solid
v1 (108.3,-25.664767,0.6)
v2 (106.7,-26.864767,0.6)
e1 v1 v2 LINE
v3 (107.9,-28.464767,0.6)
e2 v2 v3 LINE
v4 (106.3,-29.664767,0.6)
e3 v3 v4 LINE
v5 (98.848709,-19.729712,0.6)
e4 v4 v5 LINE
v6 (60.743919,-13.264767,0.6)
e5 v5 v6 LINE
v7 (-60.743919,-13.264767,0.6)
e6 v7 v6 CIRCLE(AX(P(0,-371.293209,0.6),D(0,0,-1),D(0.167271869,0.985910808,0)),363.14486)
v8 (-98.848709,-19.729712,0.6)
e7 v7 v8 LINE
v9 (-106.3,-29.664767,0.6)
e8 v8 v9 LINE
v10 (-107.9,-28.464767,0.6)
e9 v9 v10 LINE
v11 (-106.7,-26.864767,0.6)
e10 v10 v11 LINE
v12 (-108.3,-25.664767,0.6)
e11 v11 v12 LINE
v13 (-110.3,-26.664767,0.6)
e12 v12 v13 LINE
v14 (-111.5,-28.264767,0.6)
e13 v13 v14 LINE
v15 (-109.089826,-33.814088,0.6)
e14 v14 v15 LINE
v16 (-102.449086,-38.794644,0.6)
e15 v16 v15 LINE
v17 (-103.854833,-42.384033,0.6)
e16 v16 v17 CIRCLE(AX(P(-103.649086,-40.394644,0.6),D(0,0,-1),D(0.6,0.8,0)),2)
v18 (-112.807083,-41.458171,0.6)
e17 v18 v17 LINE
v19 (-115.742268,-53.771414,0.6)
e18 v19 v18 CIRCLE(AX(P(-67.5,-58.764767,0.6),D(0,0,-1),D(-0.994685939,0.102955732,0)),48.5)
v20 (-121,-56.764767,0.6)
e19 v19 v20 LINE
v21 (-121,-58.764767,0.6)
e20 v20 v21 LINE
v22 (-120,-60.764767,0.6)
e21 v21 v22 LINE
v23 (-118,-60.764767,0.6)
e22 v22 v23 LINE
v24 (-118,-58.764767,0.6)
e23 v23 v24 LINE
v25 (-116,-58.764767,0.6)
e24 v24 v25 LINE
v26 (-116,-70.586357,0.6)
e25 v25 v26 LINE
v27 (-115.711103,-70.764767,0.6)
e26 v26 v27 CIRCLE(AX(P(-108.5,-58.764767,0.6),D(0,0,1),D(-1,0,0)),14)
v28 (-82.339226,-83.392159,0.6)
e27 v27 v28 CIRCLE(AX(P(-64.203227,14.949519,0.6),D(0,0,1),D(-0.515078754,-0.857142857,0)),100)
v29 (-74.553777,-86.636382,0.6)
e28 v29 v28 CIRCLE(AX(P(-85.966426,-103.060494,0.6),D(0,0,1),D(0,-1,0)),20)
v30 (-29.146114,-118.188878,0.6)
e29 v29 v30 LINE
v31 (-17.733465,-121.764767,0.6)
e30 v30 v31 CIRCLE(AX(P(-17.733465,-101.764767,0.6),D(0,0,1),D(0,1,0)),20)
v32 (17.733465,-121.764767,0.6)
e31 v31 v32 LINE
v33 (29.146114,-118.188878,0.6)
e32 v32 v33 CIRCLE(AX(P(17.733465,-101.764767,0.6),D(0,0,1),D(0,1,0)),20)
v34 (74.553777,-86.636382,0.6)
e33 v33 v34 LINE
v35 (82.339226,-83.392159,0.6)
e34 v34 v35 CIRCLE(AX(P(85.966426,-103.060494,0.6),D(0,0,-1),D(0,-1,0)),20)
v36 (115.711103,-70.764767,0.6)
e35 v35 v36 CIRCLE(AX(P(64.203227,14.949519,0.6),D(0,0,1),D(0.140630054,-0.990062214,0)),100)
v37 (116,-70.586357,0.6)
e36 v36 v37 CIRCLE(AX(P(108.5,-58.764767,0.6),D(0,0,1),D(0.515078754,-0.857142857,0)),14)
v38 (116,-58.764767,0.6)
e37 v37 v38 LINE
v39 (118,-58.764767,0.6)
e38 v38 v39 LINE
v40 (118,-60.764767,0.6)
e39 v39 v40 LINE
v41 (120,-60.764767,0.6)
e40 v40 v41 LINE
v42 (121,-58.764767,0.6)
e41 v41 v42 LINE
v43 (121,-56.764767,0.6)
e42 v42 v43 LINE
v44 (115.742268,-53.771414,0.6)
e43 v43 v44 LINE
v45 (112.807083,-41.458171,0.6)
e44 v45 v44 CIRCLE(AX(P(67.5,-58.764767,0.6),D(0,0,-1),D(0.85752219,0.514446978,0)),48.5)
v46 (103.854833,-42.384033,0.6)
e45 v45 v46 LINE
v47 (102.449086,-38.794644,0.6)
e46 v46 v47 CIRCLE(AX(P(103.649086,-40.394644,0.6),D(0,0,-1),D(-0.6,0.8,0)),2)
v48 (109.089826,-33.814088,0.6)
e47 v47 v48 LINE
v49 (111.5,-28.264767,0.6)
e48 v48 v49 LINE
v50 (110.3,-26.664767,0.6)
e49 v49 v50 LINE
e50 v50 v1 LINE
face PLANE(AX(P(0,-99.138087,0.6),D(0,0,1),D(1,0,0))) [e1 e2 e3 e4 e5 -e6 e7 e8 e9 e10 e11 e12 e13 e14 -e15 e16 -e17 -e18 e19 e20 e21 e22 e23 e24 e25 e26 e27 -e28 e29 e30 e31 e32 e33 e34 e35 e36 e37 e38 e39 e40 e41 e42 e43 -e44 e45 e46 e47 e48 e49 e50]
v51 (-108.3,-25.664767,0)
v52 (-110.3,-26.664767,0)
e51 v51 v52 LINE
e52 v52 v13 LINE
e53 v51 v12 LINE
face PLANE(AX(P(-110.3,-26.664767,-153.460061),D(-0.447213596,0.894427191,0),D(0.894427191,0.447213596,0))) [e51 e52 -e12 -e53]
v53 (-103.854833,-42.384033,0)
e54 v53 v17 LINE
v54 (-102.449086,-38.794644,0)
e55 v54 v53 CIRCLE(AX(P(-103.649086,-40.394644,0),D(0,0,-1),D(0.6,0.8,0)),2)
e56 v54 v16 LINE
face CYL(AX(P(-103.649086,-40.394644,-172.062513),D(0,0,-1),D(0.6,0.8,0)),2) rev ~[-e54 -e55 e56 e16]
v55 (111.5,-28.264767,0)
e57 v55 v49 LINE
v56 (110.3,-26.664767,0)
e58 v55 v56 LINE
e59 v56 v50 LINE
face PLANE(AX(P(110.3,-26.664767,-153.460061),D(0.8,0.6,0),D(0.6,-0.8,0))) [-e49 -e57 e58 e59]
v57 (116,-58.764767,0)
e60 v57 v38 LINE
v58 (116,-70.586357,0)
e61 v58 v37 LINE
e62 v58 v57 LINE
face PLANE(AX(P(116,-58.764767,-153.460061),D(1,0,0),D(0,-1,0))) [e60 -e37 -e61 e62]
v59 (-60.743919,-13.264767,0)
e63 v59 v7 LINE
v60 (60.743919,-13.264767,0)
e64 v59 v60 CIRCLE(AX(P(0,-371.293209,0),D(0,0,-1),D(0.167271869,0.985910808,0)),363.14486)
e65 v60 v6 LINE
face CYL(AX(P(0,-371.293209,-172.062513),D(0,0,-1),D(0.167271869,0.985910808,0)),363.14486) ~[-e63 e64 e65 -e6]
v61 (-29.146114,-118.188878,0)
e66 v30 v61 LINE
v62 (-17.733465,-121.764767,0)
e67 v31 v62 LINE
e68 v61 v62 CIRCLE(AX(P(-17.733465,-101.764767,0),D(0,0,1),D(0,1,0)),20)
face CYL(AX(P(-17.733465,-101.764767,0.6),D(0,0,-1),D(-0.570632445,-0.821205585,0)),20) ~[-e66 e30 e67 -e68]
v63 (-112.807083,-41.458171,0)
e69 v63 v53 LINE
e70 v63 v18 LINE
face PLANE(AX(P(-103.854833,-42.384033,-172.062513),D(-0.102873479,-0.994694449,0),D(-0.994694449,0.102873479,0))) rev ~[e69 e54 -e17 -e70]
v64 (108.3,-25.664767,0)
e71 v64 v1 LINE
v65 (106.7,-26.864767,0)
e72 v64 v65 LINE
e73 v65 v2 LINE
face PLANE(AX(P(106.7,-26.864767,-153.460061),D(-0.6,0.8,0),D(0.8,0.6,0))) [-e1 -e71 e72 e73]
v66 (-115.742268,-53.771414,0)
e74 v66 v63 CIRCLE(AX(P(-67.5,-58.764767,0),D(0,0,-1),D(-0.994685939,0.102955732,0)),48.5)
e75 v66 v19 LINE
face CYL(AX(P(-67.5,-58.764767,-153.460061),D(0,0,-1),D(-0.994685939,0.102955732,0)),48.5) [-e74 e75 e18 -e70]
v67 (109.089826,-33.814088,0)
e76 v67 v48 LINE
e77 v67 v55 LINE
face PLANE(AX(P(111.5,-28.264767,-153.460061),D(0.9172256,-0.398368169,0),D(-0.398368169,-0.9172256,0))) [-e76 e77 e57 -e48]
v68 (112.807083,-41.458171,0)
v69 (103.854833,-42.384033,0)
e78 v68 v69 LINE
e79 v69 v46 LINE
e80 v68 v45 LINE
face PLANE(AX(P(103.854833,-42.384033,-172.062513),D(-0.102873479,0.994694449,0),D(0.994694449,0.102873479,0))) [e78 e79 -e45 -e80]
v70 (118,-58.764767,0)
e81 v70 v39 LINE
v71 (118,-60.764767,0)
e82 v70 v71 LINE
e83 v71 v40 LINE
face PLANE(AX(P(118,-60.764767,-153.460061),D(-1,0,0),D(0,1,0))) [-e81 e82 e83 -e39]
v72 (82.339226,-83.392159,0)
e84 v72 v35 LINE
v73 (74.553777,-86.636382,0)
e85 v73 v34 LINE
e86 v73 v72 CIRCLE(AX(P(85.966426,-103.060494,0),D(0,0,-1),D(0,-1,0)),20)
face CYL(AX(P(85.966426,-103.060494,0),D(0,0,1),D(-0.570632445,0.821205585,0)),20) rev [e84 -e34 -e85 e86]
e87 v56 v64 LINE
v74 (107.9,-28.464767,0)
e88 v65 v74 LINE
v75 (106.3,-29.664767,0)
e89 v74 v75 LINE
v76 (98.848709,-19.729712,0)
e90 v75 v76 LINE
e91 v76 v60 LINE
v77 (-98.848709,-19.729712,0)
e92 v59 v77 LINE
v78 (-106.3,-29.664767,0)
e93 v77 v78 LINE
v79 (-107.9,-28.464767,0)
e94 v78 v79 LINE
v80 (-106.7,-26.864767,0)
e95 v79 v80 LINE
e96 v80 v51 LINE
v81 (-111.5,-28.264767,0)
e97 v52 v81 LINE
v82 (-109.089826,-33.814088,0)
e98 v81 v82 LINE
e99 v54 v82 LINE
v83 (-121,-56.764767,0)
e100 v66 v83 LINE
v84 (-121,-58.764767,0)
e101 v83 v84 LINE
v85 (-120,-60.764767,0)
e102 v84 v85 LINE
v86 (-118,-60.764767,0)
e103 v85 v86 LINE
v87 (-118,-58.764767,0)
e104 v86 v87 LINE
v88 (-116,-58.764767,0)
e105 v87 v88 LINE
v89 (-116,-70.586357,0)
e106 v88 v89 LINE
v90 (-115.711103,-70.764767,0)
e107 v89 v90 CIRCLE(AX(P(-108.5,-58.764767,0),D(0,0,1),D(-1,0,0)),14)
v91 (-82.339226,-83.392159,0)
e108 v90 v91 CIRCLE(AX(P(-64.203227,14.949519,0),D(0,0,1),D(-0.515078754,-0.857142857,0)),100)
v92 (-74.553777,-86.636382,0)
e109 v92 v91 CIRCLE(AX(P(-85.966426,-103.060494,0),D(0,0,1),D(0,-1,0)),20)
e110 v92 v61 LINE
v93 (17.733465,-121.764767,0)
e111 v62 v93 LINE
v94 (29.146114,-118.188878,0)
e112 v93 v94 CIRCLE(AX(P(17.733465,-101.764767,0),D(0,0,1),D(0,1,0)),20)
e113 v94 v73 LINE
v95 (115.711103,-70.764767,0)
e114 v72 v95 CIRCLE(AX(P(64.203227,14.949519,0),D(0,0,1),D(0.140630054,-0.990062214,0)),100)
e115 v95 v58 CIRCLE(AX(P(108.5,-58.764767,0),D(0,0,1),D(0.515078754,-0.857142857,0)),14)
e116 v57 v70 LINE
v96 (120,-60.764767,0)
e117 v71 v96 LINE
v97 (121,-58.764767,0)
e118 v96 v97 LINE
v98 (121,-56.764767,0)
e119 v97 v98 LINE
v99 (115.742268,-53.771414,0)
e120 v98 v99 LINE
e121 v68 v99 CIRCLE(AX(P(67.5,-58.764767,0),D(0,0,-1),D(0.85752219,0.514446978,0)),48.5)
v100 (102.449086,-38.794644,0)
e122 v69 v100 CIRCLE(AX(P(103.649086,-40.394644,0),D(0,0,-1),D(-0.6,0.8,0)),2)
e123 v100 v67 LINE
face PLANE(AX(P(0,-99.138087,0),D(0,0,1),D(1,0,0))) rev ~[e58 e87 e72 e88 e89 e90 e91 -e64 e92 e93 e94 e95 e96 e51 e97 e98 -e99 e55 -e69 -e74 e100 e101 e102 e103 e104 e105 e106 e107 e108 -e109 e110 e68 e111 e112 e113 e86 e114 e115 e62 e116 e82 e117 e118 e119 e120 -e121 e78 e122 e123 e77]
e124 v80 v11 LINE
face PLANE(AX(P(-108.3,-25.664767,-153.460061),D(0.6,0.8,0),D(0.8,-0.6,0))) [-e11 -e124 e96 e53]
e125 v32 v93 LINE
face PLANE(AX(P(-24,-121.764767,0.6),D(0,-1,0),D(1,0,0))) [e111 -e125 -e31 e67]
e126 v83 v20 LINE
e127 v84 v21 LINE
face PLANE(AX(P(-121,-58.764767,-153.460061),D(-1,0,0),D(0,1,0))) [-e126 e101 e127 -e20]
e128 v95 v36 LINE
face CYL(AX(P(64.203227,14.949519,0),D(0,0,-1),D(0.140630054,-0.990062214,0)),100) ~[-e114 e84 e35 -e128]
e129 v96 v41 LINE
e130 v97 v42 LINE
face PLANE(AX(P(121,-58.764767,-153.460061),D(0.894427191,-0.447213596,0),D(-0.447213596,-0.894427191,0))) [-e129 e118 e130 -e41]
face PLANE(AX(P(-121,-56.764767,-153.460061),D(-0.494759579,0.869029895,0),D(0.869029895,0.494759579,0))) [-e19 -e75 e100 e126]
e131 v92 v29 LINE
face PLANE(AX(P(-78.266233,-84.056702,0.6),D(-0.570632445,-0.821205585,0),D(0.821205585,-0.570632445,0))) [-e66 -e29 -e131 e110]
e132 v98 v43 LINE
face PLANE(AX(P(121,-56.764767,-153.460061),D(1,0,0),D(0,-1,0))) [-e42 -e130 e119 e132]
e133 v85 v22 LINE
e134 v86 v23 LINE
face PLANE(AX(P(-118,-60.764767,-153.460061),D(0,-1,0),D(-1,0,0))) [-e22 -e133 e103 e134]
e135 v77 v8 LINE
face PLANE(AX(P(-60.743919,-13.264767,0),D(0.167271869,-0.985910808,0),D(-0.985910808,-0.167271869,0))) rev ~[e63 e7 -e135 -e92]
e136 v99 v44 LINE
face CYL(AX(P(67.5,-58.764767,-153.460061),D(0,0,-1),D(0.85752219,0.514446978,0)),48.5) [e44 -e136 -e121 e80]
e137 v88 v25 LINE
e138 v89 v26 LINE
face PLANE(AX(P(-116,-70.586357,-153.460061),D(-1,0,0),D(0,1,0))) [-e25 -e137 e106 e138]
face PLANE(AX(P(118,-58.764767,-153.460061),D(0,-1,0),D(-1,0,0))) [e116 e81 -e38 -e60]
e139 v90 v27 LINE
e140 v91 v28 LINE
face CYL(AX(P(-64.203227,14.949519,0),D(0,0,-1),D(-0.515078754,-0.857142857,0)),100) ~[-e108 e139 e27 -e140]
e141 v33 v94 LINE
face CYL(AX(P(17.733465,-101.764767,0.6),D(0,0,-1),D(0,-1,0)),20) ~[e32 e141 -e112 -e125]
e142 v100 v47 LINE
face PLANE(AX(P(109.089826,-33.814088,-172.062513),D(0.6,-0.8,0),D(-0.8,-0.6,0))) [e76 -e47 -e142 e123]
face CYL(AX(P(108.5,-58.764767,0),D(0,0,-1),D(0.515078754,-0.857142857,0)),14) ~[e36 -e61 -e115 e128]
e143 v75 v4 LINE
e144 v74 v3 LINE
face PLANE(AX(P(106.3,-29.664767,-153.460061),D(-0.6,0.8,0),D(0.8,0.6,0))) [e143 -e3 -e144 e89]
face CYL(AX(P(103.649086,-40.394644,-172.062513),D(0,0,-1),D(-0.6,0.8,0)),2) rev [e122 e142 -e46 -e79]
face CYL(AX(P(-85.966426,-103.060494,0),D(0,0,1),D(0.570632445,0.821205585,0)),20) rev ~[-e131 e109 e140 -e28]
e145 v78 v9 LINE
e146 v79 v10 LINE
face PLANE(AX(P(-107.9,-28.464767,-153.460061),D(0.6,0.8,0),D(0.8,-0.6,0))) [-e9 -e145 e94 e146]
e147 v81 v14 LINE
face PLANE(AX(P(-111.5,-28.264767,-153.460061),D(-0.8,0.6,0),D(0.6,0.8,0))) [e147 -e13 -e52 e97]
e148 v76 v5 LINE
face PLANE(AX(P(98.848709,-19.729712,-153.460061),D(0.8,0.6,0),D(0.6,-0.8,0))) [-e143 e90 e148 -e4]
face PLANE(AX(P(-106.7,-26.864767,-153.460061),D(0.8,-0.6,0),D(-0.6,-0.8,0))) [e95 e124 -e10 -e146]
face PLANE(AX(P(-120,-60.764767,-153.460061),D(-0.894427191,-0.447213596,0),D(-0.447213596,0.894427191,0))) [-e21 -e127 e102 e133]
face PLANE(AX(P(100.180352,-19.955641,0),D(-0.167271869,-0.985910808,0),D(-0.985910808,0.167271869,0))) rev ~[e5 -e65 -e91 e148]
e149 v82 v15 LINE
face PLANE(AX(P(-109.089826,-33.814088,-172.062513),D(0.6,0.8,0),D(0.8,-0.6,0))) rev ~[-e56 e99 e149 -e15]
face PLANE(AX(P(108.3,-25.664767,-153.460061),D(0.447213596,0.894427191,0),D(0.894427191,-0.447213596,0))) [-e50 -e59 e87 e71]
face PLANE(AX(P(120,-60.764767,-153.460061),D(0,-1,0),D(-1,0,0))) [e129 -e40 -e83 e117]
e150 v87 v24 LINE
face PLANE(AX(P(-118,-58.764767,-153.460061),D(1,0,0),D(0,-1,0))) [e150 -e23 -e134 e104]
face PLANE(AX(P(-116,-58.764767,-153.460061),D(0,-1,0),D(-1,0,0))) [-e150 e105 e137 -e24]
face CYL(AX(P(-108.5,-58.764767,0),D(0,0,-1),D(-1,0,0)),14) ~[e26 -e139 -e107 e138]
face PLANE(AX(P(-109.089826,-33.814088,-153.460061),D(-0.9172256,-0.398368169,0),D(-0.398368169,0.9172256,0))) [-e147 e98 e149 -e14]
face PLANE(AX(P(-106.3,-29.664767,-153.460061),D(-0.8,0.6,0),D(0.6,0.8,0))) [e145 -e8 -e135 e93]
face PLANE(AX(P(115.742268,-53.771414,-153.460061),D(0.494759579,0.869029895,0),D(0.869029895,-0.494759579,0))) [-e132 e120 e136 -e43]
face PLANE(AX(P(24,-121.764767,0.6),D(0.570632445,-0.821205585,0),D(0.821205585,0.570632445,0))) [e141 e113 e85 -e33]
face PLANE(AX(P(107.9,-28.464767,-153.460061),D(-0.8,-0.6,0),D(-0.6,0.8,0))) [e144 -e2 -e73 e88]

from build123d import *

# Parameters (mm, degrees)
MAIN_SHAPE_DEPTH        = 0.6
TABS_DEPTH              = 154.060061459
TABS_DEPTH_BACK         = 154.060061459
CHIN_GUARD_DEPTH        = 0.6
FILLET1_R               = 20
CUT_EXTRUDE1_DEPTH      = 172.662513141
CUT_EXTRUDE1_DEPTH_BACK = 172.662513141
CUT_EXTRUDE2_DEPTH      = 172.662513141
CUT_EXTRUDE2_DEPTH_BACK = 172.662513141


with BuildPart() as part:
    # Sketch1 → Main Shape (new body)
    with BuildSketch(Plane.XY):
        with BuildLine():
            Line((-24, -91.764766734), (24, -91.764766734))
            Line((24, -91.764766734), (78.266232563, -84.05670244))
            ThreePointArc((78.266232563, -84.05670244), (97.655491519, -79.289252293), (115.711102551, -70.764766734))
            ThreePointArc((115.711102551, -70.764766734), (120.685143325, -65.658407438), (122.5, -58.764766734))
            ThreePointArc((122.5, -58.764766734), (120.227482046, -43.118277124), (113.597722286, -28.764766734))
            ThreePointArc((113.597722286, -28.764766734), (107.811505455, -22.955172168), (100.180351554, -19.955641477))
            Line((100.180351554, -19.955641477), (60.74391922, -13.264766734))
            ThreePointArc((60.74391922, -13.264766734), (50.804108255, -9.246591688), (43.461443341, -1.434367632))
            ThreePointArc((43.461443341, -1.434367632), (36.448172688, 5.805997675), (26.941855461, 9.15842781))
            Line((26.941855461, 9.15842781), (17, 10.235233266))
            Line((17, 10.235233266), (10, 0))
            Line((10, 0), (-10, 0))
            Line((-10, 0), (-17, 10.235233266))
            Line((-17, 10.235233266), (-26.941855461, 9.15842781))
            ThreePointArc((-26.941855461, 9.15842781), (-36.448172688, 5.805997675), (-43.461443341, -1.434367632))
            ThreePointArc((-43.461443341, -1.434367632), (-50.804108255, -9.246591688), (-60.74391922, -13.264766734))
            Line((-60.74391922, -13.264766734), (-100.180351554, -19.955641477))
            ThreePointArc((-100.180351554, -19.955641477), (-107.811505455, -22.955172168), (-113.597722286, -28.764766734))
            ThreePointArc((-113.597722286, -28.764766734), (-120.227482046, -43.118277124), (-122.5, -58.764766734))
            ThreePointArc((-122.5, -58.764766734), (-120.685143325, -65.658407438), (-115.711102551, -70.764766734))
            ThreePointArc((-115.711102551, -70.764766734), (-97.655491519, -79.289252293), (-78.266232563, -84.05670244))
            Line((-78.266232563, -84.05670244), (-24, -91.764766734))
        make_face()
    extrude(amount=MAIN_SHAPE_DEPTH)

    # Sketch2 → Tabs (cut, two sides: drawn at the far end of the back side and taken through both)
    with BuildSketch(Plane.XY.offset(0.6).offset(-TABS_DEPTH_BACK)):
        with BuildLine():
            Line((-121, -58.764766734), (-121, -56.764766734))
            Line((-121, -56.764766734), (-115.742268041, -53.771413729))
            ThreePointArc((-115.742268041, -53.771413729), (-113.511139955, -43.427720083), (-109.089826236, -33.814088314))
            Line((-109.089826236, -33.814088314), (-111.5, -28.264766734))
            Line((-111.5, -28.264766734), (-110.3, -26.664766734))
            Line((-110.3, -26.664766734), (-108.3, -25.664766734))
            Line((-108.3, -25.664766734), (-106.7, -26.864766734))
            Line((-106.7, -26.864766734), (-107.9, -28.464766734))
            Line((-107.9, -28.464766734), (-106.3, -29.664766734))
            Line((-106.3, -29.664766734), (-98.84870892, -19.729711961))
            Line((-98.84870892, -19.729711961), (-100.180351554, -19.955641477))
            ThreePointArc((-100.180351554, -19.955641477), (-107.811505455, -22.955172168), (-113.597722286, -28.764766734))
            ThreePointArc((-113.597722286, -28.764766734), (-120.227482046, -43.118277124), (-122.5, -58.764766734))
            ThreePointArc((-122.5, -58.764766734), (-120.767844146, -65.510135516), (-116, -70.586357152))
            Line((-116, -70.586357152), (-116, -58.764766734))
            Line((-116, -58.764766734), (-118, -58.764766734))
            Line((-118, -58.764766734), (-118, -60.764766734))
            Line((-118, -60.764766734), (-120, -60.764766734))
            Line((-120, -60.764766734), (-121, -58.764766734))
        make_face()
        with BuildLine():
            Line((110.3, -26.664766734), (111.5, -28.264766734))
            Line((111.5, -28.264766734), (109.089826236, -33.814088314))
            ThreePointArc((109.089826236, -33.814088314), (113.511139955, -43.427720083), (115.742268041, -53.771413729))
            Line((115.742268041, -53.771413729), (121, -56.764766734))
            Line((121, -56.764766734), (121, -58.764766734))
            Line((121, -58.764766734), (120, -60.764766734))
            Line((120, -60.764766734), (118, -60.764766734))
            Line((118, -60.764766734), (118, -58.764766734))
            Line((118, -58.764766734), (116, -58.764766734))
            Line((116, -58.764766734), (116, -70.586357152))
            ThreePointArc((116, -70.586357152), (120.767844146, -65.510135516), (122.5, -58.764766734))
            ThreePointArc((122.5, -58.764766734), (120.227482046, -43.118277124), (113.597722286, -28.764766734))
            ThreePointArc((113.597722286, -28.764766734), (107.811505455, -22.955172168), (100.180351554, -19.955641477))
            Line((100.180351554, -19.955641477), (98.84870892, -19.729711961))
            Line((98.84870892, -19.729711961), (106.3, -29.664766734))
            Line((106.3, -29.664766734), (107.9, -28.464766734))
            Line((107.9, -28.464766734), (106.7, -26.864766734))
            Line((106.7, -26.864766734), (108.3, -25.664766734))
            Line((108.3, -25.664766734), (110.3, -26.664766734))
        make_face()
    extrude(amount=TABS_DEPTH + TABS_DEPTH_BACK, mode=Mode.SUBTRACT)

    # Sketch5 → Chin guard (add)
    with BuildSketch(Plane.XY.offset(0.6)):
        Polygon((-78.266232563, -84.05670244), (-24, -121.764766734), (24, -121.764766734), (78.266232563, -84.05670244), (24, -91.764766734), (-24, -91.764766734), align=None)
    extrude(amount=-CHIN_GUARD_DEPTH)

    # Fillet1
    fillet1_edges = [part.edges().sort_by_distance(p)[0] for p in [
        (-24, -121.764766734, 0.3),
        (24, -121.764766734, 0.3),
        (78.266232563, -84.05670244, 0.3),
        (-78.266232563, -84.05670244, 0.3),
    ]]
    fillet(fillet1_edges, radius=FILLET1_R)

    # Sketch6 → Cut-Extrude1 (cut, two sides: drawn at the far end of the back side and taken through both)
    with BuildSketch(Plane.XY.offset(0.6).offset(-CUT_EXTRUDE1_DEPTH_BACK)):
        with BuildLine():
            Line((-60.74391922, -13.264766734), (-60.74391922, 16.735233266))
            Line((-60.74391922, 16.735233266), (60.74391922, 16.735233266))
            Line((60.74391922, 16.735233266), (60.74391922, -13.264766734))
            ThreePointArc((60.74391922, -13.264766734), (0, -8.148349205), (-60.74391922, -13.264766734))
        make_face()
    extrude(amount=CUT_EXTRUDE1_DEPTH + CUT_EXTRUDE1_DEPTH_BACK, mode=Mode.SUBTRACT)

    # Sketch7 → Cut-Extrude2 (cut, two sides: drawn at the far end of the back side and taken through both)
    with BuildSketch(Plane.XY.offset(0.6).offset(-CUT_EXTRUDE2_DEPTH_BACK)):
        with BuildLine():
            Line((-109.089826236, -33.814088314), (-102.449085801, -38.79464364))
            ThreePointArc((-102.449085801, -38.79464364), (-101.786812206, -41.123983791), (-103.854832759, -42.384032539))
            Line((-103.854832759, -42.384032539), (-112.807082802, -41.45817123))
            ThreePointArc((-112.807082802, -41.45817123), (-111.116237814, -37.554538094), (-109.089826236, -33.814088314))
        make_face()
        with BuildLine():
            Line((103.854832759, -42.384032539), (112.807082802, -41.45817123))
            ThreePointArc((112.807082802, -41.45817123), (111.116237814, -37.554538094), (109.089826236, -33.814088314))
            Line((109.089826236, -33.814088314), (102.449085801, -38.79464364))
            ThreePointArc((102.449085801, -38.79464364), (101.786812206, -41.123983791), (103.854832759, -42.384032539))
        make_face()
    extrude(amount=CUT_EXTRUDE2_DEPTH + CUT_EXTRUDE2_DEPTH_BACK, mode=Mode.SUBTRACT)


solid = part.part
